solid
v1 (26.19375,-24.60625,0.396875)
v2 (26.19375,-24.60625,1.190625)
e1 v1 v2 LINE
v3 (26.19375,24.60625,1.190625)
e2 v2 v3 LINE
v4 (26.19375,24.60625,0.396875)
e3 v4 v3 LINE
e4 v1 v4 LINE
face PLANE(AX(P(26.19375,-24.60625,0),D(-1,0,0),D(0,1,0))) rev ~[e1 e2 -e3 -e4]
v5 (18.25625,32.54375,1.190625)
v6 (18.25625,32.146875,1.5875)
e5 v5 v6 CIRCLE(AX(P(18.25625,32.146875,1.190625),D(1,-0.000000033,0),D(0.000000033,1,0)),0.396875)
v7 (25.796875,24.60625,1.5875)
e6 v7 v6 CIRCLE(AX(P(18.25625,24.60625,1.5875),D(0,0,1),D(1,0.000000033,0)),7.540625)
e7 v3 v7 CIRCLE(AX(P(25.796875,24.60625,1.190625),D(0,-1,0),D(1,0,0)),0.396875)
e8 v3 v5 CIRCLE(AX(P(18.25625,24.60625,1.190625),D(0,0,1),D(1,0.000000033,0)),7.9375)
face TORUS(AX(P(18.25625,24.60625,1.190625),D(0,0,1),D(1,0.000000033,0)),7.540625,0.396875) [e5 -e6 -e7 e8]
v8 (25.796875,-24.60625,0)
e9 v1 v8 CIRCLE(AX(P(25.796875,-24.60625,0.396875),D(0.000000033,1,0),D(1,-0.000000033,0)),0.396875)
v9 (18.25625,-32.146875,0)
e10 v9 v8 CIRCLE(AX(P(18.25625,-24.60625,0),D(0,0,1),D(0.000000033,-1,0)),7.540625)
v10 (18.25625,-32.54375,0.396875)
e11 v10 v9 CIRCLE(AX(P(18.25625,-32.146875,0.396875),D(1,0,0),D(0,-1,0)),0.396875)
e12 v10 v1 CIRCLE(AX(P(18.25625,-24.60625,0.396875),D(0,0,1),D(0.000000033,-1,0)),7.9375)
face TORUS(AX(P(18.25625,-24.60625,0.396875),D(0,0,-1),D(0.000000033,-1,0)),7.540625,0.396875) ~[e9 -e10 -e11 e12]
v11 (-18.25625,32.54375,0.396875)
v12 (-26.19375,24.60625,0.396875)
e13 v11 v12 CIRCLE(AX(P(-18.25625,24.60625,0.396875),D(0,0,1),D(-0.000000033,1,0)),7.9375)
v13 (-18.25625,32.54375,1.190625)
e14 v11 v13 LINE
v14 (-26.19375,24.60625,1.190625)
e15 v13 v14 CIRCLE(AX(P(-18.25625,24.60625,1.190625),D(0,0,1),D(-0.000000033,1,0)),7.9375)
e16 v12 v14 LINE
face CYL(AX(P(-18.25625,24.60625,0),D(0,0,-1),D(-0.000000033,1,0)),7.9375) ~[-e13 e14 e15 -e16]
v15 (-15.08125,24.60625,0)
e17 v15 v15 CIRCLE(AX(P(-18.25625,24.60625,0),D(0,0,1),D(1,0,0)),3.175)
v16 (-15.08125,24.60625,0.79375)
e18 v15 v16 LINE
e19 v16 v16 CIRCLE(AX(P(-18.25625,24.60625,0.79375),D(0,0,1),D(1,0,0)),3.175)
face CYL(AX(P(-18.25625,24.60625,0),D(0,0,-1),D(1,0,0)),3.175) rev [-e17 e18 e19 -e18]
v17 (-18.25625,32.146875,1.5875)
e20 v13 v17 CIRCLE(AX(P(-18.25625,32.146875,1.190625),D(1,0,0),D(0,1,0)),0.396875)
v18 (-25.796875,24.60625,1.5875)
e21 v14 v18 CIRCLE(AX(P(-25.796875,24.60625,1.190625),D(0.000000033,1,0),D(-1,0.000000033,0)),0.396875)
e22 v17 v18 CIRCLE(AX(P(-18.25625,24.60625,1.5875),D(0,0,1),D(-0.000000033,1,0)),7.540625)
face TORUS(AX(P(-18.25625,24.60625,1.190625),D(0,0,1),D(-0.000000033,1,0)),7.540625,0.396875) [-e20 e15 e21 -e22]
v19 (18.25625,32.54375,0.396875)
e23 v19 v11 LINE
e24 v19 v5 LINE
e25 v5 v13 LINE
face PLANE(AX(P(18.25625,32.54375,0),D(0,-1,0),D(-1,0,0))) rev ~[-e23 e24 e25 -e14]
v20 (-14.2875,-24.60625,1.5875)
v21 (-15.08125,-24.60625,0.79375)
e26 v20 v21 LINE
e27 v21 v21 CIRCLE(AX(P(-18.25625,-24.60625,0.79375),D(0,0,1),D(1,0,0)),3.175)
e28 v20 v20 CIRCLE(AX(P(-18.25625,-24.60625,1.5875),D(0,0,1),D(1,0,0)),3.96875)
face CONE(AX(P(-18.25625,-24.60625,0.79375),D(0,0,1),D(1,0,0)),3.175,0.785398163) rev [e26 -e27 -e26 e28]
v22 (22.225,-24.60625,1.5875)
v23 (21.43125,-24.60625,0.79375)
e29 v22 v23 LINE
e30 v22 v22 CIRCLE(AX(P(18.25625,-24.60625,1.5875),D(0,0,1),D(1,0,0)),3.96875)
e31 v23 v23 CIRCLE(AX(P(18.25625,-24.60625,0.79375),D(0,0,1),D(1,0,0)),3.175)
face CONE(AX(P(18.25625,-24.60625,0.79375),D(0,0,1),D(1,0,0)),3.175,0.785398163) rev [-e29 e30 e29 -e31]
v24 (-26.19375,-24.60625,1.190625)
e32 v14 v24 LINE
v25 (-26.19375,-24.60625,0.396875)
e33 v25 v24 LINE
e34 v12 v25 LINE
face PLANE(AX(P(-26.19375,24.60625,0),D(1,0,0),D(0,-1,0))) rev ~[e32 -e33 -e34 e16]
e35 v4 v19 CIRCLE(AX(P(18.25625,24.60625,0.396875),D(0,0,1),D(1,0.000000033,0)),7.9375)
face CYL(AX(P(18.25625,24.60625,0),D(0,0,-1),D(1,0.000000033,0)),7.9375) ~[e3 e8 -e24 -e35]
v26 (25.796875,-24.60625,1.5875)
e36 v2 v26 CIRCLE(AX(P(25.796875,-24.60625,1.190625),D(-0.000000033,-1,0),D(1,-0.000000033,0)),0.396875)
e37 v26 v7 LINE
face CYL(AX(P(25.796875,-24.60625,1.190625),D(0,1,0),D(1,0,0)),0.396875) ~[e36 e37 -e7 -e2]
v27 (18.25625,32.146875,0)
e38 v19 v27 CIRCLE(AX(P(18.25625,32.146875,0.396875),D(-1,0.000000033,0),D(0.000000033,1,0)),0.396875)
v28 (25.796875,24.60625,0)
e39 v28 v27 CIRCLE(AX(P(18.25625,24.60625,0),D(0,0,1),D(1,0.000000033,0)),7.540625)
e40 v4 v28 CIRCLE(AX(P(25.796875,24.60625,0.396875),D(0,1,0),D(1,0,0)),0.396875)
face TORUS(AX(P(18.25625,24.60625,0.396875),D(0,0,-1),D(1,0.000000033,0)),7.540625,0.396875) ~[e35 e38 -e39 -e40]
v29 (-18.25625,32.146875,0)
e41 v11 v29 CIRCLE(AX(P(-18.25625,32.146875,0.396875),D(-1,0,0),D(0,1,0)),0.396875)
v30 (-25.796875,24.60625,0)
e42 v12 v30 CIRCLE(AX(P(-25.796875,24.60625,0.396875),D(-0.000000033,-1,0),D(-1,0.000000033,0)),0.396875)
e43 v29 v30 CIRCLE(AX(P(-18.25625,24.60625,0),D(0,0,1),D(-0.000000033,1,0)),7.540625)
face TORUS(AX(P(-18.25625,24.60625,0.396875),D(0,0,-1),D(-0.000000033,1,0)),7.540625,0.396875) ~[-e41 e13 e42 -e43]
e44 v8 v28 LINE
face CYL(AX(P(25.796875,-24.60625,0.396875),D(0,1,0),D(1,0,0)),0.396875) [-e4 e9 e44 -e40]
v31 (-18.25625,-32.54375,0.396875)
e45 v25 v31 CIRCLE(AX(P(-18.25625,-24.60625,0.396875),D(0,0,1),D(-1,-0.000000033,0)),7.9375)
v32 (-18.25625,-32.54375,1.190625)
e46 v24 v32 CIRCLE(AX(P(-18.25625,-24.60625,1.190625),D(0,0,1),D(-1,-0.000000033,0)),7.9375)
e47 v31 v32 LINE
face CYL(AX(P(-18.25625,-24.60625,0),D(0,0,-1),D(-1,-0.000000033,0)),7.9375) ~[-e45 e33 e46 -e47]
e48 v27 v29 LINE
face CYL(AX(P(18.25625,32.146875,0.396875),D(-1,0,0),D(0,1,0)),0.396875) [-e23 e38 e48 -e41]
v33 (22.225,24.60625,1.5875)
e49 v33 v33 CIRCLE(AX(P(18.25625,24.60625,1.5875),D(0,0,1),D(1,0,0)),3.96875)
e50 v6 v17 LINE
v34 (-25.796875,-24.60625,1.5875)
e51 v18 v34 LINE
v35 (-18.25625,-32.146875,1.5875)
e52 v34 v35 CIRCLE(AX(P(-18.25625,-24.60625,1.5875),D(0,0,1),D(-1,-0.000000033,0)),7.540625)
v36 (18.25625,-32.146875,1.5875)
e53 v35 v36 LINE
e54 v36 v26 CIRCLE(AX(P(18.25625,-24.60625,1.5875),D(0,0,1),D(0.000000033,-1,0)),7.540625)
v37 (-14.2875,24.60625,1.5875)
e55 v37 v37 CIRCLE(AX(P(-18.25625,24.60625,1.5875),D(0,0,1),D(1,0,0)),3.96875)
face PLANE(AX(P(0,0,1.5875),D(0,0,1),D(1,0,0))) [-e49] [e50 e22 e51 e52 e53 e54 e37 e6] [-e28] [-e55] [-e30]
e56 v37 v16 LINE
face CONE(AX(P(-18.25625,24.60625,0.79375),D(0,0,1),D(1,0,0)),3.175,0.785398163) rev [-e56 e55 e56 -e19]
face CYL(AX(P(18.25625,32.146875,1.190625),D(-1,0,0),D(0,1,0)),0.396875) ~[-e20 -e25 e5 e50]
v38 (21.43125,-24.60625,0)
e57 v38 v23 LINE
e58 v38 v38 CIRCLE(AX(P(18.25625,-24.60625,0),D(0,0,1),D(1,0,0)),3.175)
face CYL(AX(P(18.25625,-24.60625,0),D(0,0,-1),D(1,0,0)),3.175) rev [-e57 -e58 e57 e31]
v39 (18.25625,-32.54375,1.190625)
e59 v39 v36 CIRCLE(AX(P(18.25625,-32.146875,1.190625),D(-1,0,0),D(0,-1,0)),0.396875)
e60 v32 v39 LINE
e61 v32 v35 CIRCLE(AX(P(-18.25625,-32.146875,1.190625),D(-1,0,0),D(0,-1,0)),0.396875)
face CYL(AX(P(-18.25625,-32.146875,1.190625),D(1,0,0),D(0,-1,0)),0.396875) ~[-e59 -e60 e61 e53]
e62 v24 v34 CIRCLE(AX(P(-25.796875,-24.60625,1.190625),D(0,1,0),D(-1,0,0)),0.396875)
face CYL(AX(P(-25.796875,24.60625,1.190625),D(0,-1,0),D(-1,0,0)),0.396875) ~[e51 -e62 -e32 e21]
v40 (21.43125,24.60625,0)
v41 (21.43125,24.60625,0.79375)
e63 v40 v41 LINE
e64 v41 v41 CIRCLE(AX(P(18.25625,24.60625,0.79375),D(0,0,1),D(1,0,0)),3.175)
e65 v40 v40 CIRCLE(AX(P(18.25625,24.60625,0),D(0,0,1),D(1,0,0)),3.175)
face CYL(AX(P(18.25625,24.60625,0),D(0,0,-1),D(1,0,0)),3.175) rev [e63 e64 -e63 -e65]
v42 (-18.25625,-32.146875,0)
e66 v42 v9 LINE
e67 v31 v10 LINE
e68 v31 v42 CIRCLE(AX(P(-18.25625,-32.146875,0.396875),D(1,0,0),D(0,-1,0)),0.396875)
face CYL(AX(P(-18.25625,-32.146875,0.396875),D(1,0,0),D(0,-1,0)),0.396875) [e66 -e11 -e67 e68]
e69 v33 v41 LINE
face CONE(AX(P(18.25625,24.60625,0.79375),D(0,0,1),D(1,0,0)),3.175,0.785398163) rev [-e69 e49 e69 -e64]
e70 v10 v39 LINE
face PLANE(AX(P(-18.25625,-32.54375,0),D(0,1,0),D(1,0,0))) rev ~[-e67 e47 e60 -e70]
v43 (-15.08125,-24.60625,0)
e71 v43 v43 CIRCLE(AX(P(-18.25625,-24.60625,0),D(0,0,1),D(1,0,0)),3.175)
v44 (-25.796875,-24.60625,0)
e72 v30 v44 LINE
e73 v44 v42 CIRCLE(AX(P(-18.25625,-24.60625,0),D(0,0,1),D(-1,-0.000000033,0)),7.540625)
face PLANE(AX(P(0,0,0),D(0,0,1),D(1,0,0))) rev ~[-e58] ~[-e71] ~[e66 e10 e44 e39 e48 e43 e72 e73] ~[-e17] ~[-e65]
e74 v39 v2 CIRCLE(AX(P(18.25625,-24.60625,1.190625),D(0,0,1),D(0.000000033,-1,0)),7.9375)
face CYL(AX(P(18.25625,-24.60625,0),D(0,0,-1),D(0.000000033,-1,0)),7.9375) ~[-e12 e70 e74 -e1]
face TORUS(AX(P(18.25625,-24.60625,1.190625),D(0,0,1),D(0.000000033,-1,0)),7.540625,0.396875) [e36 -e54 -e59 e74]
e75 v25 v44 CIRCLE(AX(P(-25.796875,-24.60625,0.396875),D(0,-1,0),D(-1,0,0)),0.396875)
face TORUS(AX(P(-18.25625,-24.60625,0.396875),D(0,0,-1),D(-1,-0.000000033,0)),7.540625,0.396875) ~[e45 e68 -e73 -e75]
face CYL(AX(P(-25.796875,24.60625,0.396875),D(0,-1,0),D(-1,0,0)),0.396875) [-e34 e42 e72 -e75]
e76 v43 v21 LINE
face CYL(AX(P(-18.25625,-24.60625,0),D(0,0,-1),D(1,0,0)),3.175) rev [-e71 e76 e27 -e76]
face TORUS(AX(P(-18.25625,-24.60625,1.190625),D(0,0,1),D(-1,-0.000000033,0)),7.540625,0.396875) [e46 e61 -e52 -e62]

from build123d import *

# Parameters (mm, degrees)
F0_R     = 3.175
F1_DEPTH = 1.5875
F2_R     = 0.396875
F3_SIZE  = 0.79375


with BuildPart() as f1:
    # F0 (on Top) → F1 (new body)
    with BuildSketch(Plane.XY):
        with BuildLine():
            Line((18.25625, 32.54375), (-18.25625, 32.54375))
            ThreePointArc((-18.25625, 32.54375), (-23.86891, 30.21891), (-26.19375, 24.60625))
            Line((-26.19375, 24.60625), (-26.19375, -24.60625))
            ThreePointArc((-26.19375, -24.60625), (-23.86891, -30.21891), (-18.25625, -32.54375))
            Line((-18.25625, -32.54375), (18.25625, -32.54375))
            ThreePointArc((18.25625, -32.54375), (23.86891, -30.21891), (26.19375, -24.60625))
            Line((26.19375, -24.60625), (26.19375, 24.60625))
            ThreePointArc((26.19375, 24.60625), (23.86891, 30.21891), (18.25625, 32.54375))
        make_face()
        with Locations((-18.25625, -24.60625)):
            Circle(F0_R, mode=Mode.SUBTRACT)
        with Locations((18.25625, -24.60625)):
            Circle(F0_R, mode=Mode.SUBTRACT)
        with Locations((-18.25625, 24.60625)):
            Circle(F0_R, mode=Mode.SUBTRACT)
        with Locations((18.25625, 24.60625)):
            Circle(F0_R, mode=Mode.SUBTRACT)
    extrude(amount=F1_DEPTH)

    # F2
    f2_edges = [f1.edges().sort_by_distance(p)[0] for p in [
        (-18.25625, -32.54375, 0.79375),
        (18.25625, -32.54375, 0.79375),
        (0, -32.54375, 0),
        (0, -32.54375, 1.5875),
        (26.19375, -24.60625, 0.79375),
        (23.86891, -30.21891, 0),
        (23.86891, -30.21891, 1.5875),
        (26.19375, 24.60625, 0.79375),
        (26.19375, 0, 0),
        (26.19375, 0, 1.5875),
        (-26.19375, -24.60625, 0.79375),
        (-23.86891, -30.21891, 0),
        (-23.86891, -30.21891, 1.5875),
        (-26.19375, 24.60625, 0.79375),
        (-26.19375, 0, 0),
        (-26.19375, 0, 1.5875),
        (-18.25625, 32.54375, 0.79375),
        (-23.86891, 30.21891, 0),
        (-23.86891, 30.21891, 1.5875),
        (18.25625, 32.54375, 0.79375),
        (0, 32.54375, 0),
        (0, 32.54375, 1.5875),
        (23.86891, 30.21891, 0),
        (23.86891, 30.21891, 1.5875),
    ]]
    fillet(f2_edges, radius=F2_R)

    # F3
    f3_edges = [f1.edges().sort_by_distance(p)[0] for p in [
        (15.08125, -24.60625, 1.5875),
        (-21.43125, -24.60625, 1.5875),
        (-21.43125, 24.60625, 1.5875),
        (15.08125, 24.60625, 1.5875),
    ]]
    chamfer(f3_edges, length=F3_SIZE)


solid = f1.part
